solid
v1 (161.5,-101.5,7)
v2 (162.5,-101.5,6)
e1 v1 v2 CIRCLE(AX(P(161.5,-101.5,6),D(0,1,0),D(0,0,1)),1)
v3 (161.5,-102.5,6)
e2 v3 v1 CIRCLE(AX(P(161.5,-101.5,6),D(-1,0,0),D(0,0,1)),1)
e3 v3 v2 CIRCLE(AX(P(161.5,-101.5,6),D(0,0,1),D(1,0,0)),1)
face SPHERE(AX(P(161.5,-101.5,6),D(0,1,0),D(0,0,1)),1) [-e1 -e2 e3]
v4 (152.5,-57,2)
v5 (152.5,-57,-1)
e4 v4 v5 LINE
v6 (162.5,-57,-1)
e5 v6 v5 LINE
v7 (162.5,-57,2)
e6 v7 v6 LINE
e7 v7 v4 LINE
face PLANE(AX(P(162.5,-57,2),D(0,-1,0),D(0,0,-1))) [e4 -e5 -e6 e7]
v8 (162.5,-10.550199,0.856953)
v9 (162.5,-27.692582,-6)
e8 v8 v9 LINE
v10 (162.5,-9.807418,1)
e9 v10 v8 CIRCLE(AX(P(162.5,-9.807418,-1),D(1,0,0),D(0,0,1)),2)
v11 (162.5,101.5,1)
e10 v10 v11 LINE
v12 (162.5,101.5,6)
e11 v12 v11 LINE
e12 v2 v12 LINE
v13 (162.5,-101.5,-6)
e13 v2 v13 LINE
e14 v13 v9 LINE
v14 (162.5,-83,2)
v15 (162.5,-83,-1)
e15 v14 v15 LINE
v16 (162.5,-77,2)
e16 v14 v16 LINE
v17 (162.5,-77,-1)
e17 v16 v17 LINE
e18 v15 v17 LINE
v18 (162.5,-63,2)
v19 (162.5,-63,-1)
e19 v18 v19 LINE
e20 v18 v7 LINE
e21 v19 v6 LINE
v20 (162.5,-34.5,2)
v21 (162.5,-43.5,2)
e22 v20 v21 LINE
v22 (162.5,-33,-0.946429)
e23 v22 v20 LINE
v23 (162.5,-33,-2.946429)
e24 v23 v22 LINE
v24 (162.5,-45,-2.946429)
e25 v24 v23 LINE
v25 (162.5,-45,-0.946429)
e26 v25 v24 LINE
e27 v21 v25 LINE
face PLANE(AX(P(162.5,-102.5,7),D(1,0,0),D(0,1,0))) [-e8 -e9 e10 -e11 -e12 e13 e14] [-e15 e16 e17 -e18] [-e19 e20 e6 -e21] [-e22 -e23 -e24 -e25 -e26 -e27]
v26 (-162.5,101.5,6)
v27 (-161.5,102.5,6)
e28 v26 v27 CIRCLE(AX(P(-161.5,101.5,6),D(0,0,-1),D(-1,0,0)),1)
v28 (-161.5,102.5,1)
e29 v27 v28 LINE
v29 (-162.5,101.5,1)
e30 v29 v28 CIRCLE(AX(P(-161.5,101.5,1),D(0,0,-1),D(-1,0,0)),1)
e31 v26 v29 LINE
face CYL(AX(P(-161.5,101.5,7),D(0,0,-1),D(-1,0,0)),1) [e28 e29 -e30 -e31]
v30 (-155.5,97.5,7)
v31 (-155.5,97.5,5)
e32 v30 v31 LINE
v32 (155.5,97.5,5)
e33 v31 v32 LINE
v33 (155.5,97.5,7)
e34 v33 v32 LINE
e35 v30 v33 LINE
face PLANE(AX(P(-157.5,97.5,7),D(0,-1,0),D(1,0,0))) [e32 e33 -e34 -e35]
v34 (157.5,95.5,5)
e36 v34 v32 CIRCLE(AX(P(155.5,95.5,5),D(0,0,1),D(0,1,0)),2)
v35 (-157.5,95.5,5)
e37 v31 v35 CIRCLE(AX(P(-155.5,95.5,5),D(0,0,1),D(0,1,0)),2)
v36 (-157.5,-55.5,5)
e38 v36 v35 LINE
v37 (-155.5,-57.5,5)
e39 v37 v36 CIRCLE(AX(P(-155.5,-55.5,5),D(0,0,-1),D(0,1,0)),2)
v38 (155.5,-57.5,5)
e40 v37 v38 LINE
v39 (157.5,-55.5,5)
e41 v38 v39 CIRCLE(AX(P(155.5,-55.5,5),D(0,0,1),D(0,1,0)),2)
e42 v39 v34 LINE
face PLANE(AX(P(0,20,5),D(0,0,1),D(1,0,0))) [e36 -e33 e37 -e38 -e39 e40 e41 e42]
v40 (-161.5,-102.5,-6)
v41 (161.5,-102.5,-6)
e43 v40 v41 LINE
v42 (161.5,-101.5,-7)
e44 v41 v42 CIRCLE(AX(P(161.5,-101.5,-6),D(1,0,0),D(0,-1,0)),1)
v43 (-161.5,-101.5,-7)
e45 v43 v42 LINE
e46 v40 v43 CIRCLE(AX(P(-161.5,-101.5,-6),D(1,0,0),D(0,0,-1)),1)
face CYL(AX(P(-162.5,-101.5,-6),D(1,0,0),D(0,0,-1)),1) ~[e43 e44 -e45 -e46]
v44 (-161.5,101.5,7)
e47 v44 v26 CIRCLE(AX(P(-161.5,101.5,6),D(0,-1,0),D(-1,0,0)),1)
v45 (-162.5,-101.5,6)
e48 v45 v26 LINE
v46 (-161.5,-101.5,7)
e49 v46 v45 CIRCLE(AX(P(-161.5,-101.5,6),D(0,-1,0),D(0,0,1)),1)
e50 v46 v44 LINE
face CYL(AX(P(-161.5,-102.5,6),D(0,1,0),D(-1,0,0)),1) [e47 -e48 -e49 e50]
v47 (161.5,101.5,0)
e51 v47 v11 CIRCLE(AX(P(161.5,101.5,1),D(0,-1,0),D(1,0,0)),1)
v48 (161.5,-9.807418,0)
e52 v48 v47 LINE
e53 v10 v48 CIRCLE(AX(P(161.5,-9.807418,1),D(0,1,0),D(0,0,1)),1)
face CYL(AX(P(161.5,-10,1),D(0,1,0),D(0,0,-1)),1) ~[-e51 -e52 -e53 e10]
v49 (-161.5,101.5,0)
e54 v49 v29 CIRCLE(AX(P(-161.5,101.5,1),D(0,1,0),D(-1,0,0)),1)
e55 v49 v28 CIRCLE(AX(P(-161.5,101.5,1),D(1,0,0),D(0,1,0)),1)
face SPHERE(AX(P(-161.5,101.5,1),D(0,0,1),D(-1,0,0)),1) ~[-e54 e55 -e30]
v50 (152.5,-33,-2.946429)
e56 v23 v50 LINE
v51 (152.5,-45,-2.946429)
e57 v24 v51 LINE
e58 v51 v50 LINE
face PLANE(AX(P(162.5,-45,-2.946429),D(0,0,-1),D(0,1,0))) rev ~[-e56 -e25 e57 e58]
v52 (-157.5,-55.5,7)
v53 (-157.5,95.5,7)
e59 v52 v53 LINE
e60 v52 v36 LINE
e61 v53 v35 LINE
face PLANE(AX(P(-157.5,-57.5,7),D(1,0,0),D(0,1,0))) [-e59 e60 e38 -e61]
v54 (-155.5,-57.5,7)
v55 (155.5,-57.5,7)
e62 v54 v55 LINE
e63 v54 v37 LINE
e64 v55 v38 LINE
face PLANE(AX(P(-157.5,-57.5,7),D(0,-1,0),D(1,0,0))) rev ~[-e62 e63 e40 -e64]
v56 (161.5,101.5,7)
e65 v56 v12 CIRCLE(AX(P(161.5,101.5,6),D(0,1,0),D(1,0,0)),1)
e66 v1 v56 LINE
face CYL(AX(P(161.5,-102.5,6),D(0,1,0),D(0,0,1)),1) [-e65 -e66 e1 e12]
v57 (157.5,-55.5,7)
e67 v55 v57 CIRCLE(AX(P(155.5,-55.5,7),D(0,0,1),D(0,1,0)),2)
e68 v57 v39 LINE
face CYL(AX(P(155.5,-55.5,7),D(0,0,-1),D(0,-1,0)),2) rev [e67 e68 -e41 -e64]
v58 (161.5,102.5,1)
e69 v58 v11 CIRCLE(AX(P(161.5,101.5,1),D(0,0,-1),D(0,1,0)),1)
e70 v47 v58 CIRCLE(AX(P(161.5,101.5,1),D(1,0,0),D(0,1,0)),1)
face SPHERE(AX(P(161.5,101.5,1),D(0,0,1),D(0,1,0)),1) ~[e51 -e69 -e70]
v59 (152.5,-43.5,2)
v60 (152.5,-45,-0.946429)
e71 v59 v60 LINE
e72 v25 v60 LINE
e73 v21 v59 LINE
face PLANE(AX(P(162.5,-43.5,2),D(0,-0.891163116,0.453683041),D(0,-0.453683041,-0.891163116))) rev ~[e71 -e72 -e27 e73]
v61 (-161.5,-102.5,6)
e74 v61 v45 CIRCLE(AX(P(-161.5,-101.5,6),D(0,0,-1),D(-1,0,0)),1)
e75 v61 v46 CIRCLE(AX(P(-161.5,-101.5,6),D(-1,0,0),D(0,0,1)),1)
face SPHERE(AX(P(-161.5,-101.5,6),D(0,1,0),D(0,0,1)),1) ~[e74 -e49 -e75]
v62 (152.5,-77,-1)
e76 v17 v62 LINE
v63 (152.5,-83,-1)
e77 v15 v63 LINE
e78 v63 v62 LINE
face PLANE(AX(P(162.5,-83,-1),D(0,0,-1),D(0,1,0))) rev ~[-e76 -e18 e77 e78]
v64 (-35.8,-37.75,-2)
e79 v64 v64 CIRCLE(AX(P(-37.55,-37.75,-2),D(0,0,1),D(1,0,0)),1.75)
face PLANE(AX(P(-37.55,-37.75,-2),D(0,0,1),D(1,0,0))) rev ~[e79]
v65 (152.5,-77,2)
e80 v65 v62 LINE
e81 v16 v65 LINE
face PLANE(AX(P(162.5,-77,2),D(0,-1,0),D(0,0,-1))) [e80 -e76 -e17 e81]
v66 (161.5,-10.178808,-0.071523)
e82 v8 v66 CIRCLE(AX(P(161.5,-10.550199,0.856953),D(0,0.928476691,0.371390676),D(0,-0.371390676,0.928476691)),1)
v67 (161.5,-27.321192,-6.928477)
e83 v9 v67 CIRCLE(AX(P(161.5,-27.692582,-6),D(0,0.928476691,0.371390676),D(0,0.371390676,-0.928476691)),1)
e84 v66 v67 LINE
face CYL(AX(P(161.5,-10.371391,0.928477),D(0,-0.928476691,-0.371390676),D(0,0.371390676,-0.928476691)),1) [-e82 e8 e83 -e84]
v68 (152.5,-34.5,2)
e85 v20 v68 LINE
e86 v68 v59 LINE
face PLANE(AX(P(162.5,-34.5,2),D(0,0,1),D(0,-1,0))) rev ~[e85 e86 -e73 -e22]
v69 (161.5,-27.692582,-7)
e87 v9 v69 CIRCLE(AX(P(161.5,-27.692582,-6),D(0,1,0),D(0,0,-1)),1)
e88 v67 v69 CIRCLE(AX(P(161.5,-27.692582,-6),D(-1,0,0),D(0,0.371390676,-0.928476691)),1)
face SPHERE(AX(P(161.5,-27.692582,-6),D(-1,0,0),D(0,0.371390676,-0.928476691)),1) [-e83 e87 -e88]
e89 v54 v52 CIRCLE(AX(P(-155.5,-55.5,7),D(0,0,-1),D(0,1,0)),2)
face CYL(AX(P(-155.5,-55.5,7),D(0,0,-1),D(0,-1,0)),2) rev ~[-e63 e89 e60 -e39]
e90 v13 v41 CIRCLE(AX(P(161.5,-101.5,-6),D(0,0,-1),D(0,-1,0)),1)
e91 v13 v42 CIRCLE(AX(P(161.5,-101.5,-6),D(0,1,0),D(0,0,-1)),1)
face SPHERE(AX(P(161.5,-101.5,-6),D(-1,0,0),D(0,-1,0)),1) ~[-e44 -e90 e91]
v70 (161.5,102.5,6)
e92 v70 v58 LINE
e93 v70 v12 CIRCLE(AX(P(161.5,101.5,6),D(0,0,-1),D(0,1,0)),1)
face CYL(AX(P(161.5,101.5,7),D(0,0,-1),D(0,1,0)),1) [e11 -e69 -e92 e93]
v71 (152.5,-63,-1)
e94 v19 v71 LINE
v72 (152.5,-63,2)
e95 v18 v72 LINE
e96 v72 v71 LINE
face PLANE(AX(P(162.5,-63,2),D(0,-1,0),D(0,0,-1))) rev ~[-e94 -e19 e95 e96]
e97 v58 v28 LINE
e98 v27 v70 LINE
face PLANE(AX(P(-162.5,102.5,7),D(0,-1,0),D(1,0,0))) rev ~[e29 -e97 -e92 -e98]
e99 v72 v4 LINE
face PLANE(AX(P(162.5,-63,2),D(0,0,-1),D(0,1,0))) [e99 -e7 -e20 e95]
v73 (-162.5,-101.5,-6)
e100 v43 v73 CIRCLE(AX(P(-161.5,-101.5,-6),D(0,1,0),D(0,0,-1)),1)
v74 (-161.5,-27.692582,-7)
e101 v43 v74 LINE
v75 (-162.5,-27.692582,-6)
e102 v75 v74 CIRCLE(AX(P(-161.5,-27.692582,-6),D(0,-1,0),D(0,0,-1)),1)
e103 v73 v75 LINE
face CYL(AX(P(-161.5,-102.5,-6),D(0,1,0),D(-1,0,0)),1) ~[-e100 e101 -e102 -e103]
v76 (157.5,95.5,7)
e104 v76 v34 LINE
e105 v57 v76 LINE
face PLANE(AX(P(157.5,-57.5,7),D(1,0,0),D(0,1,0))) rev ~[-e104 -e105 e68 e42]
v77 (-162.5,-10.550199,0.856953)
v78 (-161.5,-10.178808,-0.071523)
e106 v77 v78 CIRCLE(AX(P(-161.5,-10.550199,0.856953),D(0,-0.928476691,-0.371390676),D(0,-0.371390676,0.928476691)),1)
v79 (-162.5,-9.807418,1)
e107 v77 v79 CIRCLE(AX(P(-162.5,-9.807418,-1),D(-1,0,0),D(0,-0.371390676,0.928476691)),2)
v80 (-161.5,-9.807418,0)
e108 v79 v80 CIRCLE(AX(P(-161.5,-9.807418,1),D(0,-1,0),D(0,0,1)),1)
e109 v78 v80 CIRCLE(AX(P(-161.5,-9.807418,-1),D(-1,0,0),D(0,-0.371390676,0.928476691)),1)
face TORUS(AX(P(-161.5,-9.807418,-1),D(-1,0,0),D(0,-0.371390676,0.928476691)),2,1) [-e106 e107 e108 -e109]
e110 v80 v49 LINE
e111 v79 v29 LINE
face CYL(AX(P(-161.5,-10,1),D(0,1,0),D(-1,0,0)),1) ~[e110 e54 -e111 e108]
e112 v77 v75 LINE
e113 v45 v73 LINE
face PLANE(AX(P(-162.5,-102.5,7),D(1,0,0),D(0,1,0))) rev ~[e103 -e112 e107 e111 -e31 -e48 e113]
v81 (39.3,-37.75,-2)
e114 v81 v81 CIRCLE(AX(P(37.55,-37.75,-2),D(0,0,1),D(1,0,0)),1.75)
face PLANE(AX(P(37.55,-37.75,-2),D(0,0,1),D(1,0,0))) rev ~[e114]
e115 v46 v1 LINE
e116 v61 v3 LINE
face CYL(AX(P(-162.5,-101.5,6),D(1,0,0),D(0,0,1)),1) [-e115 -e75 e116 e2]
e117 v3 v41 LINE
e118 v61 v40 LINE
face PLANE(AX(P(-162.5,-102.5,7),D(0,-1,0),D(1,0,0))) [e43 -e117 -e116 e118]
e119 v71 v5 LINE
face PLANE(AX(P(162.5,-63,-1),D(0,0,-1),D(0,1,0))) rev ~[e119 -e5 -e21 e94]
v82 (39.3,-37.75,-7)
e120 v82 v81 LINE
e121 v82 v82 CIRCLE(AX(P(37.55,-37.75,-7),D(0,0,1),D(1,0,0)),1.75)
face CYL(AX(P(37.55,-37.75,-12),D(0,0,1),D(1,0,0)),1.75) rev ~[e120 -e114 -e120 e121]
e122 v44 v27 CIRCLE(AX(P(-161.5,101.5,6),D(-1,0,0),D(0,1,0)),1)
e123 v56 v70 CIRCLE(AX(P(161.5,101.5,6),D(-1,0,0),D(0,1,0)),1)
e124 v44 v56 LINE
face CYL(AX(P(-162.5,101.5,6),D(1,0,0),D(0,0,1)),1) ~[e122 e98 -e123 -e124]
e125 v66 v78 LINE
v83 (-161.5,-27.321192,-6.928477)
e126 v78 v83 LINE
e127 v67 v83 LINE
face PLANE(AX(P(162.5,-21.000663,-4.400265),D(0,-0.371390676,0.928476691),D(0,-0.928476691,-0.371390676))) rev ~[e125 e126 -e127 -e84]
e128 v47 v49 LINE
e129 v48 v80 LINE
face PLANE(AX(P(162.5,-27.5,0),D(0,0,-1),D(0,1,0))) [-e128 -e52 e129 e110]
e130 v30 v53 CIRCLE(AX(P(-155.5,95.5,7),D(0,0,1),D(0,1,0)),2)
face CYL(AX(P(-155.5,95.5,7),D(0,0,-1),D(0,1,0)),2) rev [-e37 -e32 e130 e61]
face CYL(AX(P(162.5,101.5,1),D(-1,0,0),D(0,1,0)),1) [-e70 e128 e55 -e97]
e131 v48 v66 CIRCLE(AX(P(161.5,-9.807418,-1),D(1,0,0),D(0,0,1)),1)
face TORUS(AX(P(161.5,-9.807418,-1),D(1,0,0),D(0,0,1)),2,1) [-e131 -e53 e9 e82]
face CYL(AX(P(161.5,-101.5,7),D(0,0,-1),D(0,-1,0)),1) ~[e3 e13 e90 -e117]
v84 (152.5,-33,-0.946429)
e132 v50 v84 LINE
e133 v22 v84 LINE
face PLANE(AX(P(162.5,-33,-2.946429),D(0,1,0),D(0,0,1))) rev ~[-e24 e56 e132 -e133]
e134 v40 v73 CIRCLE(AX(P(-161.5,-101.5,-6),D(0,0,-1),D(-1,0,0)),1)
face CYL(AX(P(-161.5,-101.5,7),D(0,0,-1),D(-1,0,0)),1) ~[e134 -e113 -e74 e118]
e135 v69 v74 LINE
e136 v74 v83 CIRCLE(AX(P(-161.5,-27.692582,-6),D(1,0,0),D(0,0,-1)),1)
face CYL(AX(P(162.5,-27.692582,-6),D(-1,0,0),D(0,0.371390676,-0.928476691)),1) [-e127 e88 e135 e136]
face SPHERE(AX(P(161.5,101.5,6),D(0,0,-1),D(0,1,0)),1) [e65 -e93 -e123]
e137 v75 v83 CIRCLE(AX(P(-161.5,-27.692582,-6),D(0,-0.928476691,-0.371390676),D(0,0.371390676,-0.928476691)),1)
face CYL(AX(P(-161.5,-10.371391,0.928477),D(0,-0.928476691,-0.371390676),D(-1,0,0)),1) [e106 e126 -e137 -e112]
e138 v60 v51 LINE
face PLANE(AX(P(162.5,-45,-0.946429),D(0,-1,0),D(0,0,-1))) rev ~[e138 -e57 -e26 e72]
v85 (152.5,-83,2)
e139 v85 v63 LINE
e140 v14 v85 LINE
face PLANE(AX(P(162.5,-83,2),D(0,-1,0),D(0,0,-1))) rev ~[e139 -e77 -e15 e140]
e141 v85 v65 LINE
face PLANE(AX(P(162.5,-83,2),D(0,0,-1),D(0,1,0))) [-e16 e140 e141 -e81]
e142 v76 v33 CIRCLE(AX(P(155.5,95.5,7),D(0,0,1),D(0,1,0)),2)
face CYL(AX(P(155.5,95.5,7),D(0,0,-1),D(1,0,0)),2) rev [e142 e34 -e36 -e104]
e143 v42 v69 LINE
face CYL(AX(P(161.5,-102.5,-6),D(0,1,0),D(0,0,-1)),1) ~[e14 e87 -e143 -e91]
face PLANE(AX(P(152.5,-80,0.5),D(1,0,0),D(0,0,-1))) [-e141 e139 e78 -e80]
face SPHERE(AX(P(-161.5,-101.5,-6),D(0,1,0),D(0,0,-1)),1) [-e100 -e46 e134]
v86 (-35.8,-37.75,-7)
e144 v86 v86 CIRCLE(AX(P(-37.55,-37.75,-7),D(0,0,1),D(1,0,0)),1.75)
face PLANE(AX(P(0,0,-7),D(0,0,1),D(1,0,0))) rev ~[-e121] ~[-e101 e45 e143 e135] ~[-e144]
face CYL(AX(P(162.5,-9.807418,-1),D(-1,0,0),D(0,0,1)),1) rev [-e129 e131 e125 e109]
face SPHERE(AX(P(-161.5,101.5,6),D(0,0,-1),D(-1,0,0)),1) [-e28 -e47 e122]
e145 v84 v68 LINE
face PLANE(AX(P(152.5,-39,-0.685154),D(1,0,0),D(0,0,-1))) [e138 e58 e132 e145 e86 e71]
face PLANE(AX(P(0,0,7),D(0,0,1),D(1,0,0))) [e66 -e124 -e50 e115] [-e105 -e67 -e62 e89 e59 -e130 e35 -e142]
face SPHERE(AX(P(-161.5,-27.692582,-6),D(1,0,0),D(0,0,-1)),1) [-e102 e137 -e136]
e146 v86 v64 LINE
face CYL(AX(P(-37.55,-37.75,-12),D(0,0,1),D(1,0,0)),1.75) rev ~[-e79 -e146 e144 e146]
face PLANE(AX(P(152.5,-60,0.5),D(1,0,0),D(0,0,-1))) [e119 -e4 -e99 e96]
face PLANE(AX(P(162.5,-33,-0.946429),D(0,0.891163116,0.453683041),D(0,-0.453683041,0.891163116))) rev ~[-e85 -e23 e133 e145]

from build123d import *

# Parameters (mm, degrees)
SKETCH_1_W                  = 325
SKETCH_1_H                  = 205
EXTRUDE_1_DEPTH             = 14
SKETCH_2_W                  = 7
SKETCH_2_H                  = 130
CUT_EXTRUDE_1_DEPTH         = 341.852240714
CUT_EXTRUDE_2_DEPTH         = 10
SKETCH_4_W                  = 3
SKETCH_4_H                  = 6
CUT_EXTRUDE_3_DEPTH         = 10
SKETCH_5_W                  = 3
SKETCH_5_H                  = 6
CUT_EXTRUDE_4_DEPTH         = 10
SKETCH_6_W                  = 315
SKETCH_6_H                  = 155
CUT_EXTRUDE_5_DEPTH         = 2
DRAFT_1_ANGLE               = 68.198590514
HOLE_WIZARD_3_5_3_5_1_D     = 3.5
HOLE_WIZARD_3_5_3_5_1_DEPTH = 5
FILLET_1_R                  = 1
FILLET_2_R                  = 2


with BuildPart() as part:
    # 草图1 → 凸台-拉伸1 (new body)
    with BuildSketch(Plane.XY.offset(7)):
        Rectangle(SKETCH_1_W, SKETCH_1_H)
    extrude(amount=-EXTRUDE_1_DEPTH)

    # 草图2 → 切除-拉伸1 (cut, through all)
    with BuildSketch(Plane(origin=(162.5, 0, 0), x_dir=(0, 0, -1), z_dir=(1, 0, 0))):
        with Locations((3.5, 37.5)):
            Rectangle(SKETCH_2_W, SKETCH_2_H)
    extrude(amount=-CUT_EXTRUDE_1_DEPTH, mode=Mode.SUBTRACT)

    # 草图3 → 切除-拉伸2 (cut)
    with BuildSketch(Plane(origin=(162.5, 0, 0), x_dir=(0, 0, -1), z_dir=(1, 0, 0))):
        Polygon((-2, -43.5), (0.946428571, -45), (2.946428571, -45), (2.946428571, -33), (0.946428571, -33), (-2, -34.5), align=None)
    extrude(amount=-CUT_EXTRUDE_2_DEPTH, mode=Mode.SUBTRACT)

    # 草图4 → 切除-拉伸3 (cut)
    with BuildSketch(Plane(origin=(162.5, 0, 0), x_dir=(0, 0, -1), z_dir=(1, 0, 0))):
        with Locations((-0.5, -60)):
            Rectangle(SKETCH_4_W, SKETCH_4_H)
    extrude(amount=-CUT_EXTRUDE_3_DEPTH, mode=Mode.SUBTRACT)

    # 草图5 → 切除-拉伸4 (cut)
    with BuildSketch(Plane(origin=(162.5, 0, 0), x_dir=(0, 0, -1), z_dir=(1, 0, 0))):
        with Locations((-0.5, -80)):
            Rectangle(SKETCH_5_W, SKETCH_5_H)
    extrude(amount=-CUT_EXTRUDE_4_DEPTH, mode=Mode.SUBTRACT)

    # 草图6 → 切除-拉伸5 (cut)
    with BuildSketch(Plane.XY.offset(7)):
        with Locations((0, 20)):
            Rectangle(SKETCH_6_W, SKETCH_6_H)
    extrude(amount=-CUT_EXTRUDE_5_DEPTH, mode=Mode.SUBTRACT)

    # 拔模1
    draft_1_faces = [part.faces().sort_by_distance(p)[0] for p in [
        (0, -27.5, -3.5),
    ]]
    draft(draft_1_faces, Plane(origin=(0, 0, -7), x_dir=(-1, 0, 0), z_dir=(0, 0, -1)), DRAFT_1_ANGLE)

    # Ø3.5 (3.5) 直径孔1
    with Locations(Plane(origin=(0, 0, -7), x_dir=(-1, 0, 0), z_dir=(0, 0, -1))):
        with Locations((-37.55, -37.75), (37.55, -37.75)):
            Hole(HOLE_WIZARD_3_5_3_5_1_D / 2, depth=HOLE_WIZARD_3_5_3_5_1_DEPTH)

    # 圆角1
    fillet_1_edges = [part.edges().sort_by_distance(p)[0] for p in [
        (-162.5, -65, -7),
        (162.5, 102.5, 3.5),
        (-162.5, 102.5, 3.5),
        (-162.5, -18.75, -3.5),
        (0, -27.5, -7),
        (-162.5, 46.25, 0),
        (0, -10, 0),
        (0, 102.5, 0),
        (162.5, 46.25, 0),
        (162.5, -18.75, -3.5),
        (0, -102.5, -7),
        (-162.5, 0, 7),
        (0, 102.5, 7),
        (162.5, 0, 7),
        (0, -102.5, 7),
        (-162.5, -102.5, 0),
        (162.5, -102.5, 0),
        (162.5, -65, -7),
    ]]
    fillet(fillet_1_edges, radius=FILLET_1_R)

    # 圆角2
    fillet_2_edges = [part.edges().sort_by_distance(p)[0] for p in [
        (-157.5, -57.5, 6),
        (-157.5, 97.5, 6),
        (157.5, 97.5, 6),
        (157.5, -57.5, 6),
    ]]
    fillet(fillet_2_edges, radius=FILLET_2_R)


solid = part.part
